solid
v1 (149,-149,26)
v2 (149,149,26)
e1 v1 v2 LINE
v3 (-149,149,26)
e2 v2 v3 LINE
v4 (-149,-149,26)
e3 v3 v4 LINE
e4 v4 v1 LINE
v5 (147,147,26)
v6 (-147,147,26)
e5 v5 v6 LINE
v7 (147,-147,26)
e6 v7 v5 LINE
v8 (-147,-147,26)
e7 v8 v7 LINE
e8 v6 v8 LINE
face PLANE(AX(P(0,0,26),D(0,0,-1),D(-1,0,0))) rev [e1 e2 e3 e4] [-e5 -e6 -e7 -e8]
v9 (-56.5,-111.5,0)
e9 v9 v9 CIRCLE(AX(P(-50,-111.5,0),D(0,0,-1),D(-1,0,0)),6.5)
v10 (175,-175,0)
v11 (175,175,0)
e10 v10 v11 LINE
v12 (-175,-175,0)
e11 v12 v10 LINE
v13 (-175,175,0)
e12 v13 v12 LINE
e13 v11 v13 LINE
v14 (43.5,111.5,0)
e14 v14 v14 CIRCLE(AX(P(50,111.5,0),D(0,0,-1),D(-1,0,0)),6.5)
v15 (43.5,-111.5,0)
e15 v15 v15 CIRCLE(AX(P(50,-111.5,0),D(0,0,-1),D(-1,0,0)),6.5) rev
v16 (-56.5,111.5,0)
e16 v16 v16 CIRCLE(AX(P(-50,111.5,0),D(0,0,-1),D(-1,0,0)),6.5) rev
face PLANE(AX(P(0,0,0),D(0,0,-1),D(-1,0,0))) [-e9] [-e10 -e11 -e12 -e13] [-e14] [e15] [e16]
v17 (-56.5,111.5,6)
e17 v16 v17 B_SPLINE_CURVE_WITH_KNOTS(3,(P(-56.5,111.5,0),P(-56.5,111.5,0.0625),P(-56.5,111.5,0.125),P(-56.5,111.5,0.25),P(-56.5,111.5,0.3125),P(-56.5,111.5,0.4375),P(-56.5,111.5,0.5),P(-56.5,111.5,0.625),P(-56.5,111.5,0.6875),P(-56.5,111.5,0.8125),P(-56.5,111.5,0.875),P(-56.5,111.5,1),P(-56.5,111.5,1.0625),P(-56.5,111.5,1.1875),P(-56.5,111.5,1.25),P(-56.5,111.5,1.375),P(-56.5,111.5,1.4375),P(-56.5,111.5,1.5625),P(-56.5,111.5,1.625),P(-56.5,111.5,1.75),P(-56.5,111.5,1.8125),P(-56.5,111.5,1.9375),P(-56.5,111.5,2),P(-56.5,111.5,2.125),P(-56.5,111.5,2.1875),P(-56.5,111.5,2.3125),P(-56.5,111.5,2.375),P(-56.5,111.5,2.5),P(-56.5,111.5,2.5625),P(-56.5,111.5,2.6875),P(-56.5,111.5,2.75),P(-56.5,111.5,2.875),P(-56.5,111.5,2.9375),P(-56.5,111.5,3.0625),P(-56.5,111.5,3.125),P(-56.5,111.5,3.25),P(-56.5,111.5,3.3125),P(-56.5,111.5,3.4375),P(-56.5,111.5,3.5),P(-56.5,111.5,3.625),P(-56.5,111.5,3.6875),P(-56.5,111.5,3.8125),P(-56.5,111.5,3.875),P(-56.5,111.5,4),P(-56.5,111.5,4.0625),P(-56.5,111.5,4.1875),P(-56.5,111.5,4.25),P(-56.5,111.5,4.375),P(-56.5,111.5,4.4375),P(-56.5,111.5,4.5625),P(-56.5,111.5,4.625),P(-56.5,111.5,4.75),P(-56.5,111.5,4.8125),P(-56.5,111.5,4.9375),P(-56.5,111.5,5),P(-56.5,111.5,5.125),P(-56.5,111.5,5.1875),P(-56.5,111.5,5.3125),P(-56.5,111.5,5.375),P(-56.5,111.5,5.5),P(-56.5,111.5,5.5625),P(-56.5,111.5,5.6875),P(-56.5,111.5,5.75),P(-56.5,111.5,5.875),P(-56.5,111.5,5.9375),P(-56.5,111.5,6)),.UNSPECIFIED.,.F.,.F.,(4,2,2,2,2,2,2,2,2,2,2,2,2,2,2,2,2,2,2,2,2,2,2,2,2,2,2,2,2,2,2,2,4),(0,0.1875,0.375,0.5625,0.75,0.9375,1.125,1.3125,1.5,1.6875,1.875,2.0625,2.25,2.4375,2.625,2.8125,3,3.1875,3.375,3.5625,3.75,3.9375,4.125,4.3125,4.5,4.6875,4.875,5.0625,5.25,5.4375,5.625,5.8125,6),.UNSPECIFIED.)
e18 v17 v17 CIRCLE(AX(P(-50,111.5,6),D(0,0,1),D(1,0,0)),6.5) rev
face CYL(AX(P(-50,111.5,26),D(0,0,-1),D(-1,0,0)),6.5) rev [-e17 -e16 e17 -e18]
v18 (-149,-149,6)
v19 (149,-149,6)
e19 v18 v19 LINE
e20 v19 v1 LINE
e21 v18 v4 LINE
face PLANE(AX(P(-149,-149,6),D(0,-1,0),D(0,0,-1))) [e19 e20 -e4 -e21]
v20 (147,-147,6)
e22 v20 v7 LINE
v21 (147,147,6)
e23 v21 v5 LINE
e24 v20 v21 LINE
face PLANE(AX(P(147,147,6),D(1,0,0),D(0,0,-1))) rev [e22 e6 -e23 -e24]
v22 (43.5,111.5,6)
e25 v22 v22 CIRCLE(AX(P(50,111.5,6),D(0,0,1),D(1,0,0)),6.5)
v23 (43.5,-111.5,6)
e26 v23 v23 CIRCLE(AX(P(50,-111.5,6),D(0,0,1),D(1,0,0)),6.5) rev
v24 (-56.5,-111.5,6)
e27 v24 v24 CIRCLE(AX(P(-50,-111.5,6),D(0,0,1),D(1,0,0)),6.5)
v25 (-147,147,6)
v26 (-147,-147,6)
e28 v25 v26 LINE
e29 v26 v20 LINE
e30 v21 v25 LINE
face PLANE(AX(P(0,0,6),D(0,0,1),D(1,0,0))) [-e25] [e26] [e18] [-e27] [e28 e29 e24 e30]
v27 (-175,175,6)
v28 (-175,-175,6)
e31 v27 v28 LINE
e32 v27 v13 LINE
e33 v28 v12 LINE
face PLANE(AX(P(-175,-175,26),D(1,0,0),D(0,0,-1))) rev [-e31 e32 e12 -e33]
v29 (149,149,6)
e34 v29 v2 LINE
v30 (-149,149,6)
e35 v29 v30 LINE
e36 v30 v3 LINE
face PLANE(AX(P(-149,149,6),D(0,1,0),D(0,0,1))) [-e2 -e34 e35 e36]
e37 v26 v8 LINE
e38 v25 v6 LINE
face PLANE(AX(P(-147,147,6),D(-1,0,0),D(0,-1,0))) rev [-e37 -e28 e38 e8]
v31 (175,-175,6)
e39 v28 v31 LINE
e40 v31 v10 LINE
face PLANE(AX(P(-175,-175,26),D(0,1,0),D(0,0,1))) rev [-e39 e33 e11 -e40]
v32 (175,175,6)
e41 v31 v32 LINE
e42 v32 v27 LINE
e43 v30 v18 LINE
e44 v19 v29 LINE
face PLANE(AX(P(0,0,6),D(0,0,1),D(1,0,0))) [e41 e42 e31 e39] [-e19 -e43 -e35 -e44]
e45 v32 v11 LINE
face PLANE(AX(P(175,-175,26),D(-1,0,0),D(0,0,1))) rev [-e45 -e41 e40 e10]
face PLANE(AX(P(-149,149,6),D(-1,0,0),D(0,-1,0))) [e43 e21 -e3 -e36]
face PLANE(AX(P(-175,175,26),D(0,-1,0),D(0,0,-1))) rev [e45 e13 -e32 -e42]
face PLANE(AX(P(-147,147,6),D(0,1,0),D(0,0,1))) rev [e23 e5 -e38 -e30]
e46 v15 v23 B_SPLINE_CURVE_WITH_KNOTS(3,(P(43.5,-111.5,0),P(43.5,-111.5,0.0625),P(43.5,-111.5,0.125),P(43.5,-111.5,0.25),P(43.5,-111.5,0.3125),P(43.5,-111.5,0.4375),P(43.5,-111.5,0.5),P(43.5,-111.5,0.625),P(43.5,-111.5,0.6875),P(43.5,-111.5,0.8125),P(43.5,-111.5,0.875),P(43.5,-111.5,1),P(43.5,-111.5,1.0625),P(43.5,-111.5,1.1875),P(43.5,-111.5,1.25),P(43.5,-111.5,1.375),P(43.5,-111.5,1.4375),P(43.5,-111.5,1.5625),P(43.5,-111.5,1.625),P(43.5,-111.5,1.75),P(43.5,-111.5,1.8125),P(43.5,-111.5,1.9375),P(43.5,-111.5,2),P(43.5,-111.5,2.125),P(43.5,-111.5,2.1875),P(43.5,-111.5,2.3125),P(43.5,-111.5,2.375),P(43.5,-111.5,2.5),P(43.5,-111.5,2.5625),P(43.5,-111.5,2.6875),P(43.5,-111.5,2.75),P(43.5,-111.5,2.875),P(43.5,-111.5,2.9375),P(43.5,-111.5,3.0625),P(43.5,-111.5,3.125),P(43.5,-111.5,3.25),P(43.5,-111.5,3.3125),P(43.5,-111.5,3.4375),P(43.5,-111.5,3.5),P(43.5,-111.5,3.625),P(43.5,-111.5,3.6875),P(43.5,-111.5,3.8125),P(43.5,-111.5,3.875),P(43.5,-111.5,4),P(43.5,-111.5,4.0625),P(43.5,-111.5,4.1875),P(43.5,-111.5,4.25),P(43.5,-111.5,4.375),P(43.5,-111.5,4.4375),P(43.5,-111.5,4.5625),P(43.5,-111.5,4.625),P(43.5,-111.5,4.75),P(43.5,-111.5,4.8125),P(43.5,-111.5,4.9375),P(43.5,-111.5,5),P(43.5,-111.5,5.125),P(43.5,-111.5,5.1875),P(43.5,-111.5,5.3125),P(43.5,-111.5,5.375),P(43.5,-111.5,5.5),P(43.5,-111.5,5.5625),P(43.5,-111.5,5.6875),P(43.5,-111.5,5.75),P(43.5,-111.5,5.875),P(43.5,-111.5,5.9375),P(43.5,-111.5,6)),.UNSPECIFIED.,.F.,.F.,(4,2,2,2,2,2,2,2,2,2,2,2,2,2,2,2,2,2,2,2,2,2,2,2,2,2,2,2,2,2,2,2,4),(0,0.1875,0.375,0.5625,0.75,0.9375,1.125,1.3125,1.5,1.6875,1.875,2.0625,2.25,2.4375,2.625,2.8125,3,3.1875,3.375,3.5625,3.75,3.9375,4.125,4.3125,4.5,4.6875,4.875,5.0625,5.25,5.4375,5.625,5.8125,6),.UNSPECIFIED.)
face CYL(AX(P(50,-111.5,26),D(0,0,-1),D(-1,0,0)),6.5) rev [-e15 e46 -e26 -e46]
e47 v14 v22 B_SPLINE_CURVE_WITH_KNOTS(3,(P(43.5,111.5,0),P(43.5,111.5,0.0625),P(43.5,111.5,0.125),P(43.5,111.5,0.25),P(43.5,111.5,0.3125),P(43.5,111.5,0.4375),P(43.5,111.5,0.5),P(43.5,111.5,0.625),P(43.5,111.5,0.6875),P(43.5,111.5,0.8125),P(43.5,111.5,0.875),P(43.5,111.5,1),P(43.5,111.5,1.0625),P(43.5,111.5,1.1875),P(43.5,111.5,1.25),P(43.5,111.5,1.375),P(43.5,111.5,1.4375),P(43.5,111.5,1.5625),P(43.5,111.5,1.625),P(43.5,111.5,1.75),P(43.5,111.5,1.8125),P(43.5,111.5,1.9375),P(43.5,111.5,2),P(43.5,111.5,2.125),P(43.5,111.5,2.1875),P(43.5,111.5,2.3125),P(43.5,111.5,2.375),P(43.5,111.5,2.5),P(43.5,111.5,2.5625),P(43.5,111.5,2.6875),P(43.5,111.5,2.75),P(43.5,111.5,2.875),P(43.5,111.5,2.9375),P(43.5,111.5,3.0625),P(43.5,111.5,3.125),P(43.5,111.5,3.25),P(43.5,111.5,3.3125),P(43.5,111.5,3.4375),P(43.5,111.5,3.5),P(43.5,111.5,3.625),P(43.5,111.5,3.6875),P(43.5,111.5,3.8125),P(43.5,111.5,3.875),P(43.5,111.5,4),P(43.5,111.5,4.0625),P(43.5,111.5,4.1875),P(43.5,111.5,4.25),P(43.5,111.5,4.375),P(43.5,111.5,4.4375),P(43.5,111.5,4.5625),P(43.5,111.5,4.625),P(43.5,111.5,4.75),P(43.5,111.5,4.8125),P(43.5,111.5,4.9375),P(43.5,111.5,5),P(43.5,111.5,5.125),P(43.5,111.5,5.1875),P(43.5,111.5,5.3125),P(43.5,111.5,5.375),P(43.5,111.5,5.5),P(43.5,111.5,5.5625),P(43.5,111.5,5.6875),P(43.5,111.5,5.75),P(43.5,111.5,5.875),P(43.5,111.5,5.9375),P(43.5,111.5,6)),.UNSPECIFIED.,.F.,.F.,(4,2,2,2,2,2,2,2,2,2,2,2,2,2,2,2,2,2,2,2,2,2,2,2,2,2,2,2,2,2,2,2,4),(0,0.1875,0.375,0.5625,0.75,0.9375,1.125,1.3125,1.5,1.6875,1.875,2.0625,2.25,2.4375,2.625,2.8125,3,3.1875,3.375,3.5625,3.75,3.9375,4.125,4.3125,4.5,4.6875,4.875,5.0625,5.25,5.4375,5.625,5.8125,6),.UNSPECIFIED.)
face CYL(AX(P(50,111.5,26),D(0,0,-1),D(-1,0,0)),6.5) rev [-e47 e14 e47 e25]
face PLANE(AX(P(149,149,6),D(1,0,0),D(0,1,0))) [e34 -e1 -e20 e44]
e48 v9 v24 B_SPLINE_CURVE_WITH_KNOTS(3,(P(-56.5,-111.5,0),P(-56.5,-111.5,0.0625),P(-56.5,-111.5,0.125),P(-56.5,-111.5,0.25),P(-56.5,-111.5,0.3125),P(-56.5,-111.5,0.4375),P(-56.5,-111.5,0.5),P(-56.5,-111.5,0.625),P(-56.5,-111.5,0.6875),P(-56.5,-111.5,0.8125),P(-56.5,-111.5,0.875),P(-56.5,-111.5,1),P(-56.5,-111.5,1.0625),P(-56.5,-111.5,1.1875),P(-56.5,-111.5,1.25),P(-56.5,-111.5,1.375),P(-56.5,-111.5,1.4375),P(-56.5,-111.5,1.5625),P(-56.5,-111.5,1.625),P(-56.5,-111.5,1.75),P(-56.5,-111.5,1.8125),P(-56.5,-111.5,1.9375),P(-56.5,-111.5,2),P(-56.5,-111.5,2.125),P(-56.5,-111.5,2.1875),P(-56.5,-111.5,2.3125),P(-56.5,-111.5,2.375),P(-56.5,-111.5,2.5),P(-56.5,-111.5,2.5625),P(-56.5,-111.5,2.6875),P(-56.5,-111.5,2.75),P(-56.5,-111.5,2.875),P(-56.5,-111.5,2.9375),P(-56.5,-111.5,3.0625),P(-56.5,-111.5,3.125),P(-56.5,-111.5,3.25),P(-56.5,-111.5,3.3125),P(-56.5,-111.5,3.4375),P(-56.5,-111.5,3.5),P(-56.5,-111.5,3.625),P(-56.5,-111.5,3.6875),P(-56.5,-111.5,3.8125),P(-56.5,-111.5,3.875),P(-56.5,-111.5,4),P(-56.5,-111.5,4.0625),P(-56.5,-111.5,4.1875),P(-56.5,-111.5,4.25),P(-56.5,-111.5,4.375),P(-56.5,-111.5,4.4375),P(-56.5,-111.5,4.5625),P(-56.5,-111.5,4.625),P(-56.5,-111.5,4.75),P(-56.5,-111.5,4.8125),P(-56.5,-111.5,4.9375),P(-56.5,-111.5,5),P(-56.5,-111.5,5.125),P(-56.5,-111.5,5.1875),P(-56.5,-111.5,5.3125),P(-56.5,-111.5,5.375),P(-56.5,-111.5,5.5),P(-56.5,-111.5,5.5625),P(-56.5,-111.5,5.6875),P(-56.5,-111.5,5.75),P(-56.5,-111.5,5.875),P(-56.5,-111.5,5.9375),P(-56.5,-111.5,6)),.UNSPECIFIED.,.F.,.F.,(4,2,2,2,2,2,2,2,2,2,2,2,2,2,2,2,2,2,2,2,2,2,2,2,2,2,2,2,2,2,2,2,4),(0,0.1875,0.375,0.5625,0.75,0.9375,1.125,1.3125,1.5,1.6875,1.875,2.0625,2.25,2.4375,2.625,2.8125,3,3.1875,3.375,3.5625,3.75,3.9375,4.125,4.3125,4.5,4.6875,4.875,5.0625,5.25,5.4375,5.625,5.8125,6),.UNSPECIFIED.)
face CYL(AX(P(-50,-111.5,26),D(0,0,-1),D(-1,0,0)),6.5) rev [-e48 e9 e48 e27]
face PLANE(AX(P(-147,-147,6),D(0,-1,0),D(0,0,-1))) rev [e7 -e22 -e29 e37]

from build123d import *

# Parameters (mm, degrees)
ESQUISSE1_W                  = 350
ESQUISSE1_H                  = 350
BOSS_EXTRU_1_DEPTH           = 26
ESQUISSE2_W                  = 350
ESQUISSE2_H                  = 350
ESQUISSE2_W_2                = 298
ESQUISSE2_H_2                = 298
ENL_V_MAT_EXTRU_1_DEPTH      = 20
ESQUISSE3_W                  = 294
ESQUISSE3_H                  = 294
ENL_V_MAT_EXTRU_2_DEPTH      = 20
ENL_V_MAT_EXTRU_3_DEPTH      = 249.849352018
ENL_V_MAT_EXTRU_3_DEPTH_BACK = 249.849352018
ESQUISSE5_R                  = 6.5


with BuildPart() as part:
    # Esquisse1 → Boss.-Extru.1 (new body)
    with BuildSketch(Plane.XY):
        Rectangle(ESQUISSE1_W, ESQUISSE1_H)
    extrude(amount=BOSS_EXTRU_1_DEPTH)

    # Esquisse2 → Enlèv. mat.-Extru.1 (cut)
    with BuildSketch(Plane.XY.offset(26)):
        Rectangle(ESQUISSE2_W, ESQUISSE2_H)
        Rectangle(ESQUISSE2_W_2, ESQUISSE2_H_2, mode=Mode.SUBTRACT)
    extrude(amount=-ENL_V_MAT_EXTRU_1_DEPTH, mode=Mode.SUBTRACT)

    # Esquisse3 → Enlèv. mat.-Extru.2 (cut)
    with BuildSketch(Plane.XY.offset(26)):
        Rectangle(ESQUISSE3_W, ESQUISSE3_H)
    extrude(amount=-ENL_V_MAT_EXTRU_2_DEPTH, mode=Mode.SUBTRACT)

    # Esquisse5 → Enlèv. mat.-Extru.3 (cut, two sides: drawn at the far end of the back side and taken through both)
    with BuildSketch(Plane(origin=(0, 0, 0), x_dir=(-1, 0, 0), z_dir=(0, 0, -1)).offset(-ENL_V_MAT_EXTRU_3_DEPTH_BACK)):
        with Locations((-50, 111.5)):
            Circle(ESQUISSE5_R)
        with Locations((50, 111.5)):
            Circle(ESQUISSE5_R)
        with Locations((50, -111.5)):
            Circle(ESQUISSE5_R)
        with Locations((-50, -111.5)):
            Circle(ESQUISSE5_R)
    extrude(amount=ENL_V_MAT_EXTRU_3_DEPTH + ENL_V_MAT_EXTRU_3_DEPTH_BACK, mode=Mode.SUBTRACT)


solid = part.part
